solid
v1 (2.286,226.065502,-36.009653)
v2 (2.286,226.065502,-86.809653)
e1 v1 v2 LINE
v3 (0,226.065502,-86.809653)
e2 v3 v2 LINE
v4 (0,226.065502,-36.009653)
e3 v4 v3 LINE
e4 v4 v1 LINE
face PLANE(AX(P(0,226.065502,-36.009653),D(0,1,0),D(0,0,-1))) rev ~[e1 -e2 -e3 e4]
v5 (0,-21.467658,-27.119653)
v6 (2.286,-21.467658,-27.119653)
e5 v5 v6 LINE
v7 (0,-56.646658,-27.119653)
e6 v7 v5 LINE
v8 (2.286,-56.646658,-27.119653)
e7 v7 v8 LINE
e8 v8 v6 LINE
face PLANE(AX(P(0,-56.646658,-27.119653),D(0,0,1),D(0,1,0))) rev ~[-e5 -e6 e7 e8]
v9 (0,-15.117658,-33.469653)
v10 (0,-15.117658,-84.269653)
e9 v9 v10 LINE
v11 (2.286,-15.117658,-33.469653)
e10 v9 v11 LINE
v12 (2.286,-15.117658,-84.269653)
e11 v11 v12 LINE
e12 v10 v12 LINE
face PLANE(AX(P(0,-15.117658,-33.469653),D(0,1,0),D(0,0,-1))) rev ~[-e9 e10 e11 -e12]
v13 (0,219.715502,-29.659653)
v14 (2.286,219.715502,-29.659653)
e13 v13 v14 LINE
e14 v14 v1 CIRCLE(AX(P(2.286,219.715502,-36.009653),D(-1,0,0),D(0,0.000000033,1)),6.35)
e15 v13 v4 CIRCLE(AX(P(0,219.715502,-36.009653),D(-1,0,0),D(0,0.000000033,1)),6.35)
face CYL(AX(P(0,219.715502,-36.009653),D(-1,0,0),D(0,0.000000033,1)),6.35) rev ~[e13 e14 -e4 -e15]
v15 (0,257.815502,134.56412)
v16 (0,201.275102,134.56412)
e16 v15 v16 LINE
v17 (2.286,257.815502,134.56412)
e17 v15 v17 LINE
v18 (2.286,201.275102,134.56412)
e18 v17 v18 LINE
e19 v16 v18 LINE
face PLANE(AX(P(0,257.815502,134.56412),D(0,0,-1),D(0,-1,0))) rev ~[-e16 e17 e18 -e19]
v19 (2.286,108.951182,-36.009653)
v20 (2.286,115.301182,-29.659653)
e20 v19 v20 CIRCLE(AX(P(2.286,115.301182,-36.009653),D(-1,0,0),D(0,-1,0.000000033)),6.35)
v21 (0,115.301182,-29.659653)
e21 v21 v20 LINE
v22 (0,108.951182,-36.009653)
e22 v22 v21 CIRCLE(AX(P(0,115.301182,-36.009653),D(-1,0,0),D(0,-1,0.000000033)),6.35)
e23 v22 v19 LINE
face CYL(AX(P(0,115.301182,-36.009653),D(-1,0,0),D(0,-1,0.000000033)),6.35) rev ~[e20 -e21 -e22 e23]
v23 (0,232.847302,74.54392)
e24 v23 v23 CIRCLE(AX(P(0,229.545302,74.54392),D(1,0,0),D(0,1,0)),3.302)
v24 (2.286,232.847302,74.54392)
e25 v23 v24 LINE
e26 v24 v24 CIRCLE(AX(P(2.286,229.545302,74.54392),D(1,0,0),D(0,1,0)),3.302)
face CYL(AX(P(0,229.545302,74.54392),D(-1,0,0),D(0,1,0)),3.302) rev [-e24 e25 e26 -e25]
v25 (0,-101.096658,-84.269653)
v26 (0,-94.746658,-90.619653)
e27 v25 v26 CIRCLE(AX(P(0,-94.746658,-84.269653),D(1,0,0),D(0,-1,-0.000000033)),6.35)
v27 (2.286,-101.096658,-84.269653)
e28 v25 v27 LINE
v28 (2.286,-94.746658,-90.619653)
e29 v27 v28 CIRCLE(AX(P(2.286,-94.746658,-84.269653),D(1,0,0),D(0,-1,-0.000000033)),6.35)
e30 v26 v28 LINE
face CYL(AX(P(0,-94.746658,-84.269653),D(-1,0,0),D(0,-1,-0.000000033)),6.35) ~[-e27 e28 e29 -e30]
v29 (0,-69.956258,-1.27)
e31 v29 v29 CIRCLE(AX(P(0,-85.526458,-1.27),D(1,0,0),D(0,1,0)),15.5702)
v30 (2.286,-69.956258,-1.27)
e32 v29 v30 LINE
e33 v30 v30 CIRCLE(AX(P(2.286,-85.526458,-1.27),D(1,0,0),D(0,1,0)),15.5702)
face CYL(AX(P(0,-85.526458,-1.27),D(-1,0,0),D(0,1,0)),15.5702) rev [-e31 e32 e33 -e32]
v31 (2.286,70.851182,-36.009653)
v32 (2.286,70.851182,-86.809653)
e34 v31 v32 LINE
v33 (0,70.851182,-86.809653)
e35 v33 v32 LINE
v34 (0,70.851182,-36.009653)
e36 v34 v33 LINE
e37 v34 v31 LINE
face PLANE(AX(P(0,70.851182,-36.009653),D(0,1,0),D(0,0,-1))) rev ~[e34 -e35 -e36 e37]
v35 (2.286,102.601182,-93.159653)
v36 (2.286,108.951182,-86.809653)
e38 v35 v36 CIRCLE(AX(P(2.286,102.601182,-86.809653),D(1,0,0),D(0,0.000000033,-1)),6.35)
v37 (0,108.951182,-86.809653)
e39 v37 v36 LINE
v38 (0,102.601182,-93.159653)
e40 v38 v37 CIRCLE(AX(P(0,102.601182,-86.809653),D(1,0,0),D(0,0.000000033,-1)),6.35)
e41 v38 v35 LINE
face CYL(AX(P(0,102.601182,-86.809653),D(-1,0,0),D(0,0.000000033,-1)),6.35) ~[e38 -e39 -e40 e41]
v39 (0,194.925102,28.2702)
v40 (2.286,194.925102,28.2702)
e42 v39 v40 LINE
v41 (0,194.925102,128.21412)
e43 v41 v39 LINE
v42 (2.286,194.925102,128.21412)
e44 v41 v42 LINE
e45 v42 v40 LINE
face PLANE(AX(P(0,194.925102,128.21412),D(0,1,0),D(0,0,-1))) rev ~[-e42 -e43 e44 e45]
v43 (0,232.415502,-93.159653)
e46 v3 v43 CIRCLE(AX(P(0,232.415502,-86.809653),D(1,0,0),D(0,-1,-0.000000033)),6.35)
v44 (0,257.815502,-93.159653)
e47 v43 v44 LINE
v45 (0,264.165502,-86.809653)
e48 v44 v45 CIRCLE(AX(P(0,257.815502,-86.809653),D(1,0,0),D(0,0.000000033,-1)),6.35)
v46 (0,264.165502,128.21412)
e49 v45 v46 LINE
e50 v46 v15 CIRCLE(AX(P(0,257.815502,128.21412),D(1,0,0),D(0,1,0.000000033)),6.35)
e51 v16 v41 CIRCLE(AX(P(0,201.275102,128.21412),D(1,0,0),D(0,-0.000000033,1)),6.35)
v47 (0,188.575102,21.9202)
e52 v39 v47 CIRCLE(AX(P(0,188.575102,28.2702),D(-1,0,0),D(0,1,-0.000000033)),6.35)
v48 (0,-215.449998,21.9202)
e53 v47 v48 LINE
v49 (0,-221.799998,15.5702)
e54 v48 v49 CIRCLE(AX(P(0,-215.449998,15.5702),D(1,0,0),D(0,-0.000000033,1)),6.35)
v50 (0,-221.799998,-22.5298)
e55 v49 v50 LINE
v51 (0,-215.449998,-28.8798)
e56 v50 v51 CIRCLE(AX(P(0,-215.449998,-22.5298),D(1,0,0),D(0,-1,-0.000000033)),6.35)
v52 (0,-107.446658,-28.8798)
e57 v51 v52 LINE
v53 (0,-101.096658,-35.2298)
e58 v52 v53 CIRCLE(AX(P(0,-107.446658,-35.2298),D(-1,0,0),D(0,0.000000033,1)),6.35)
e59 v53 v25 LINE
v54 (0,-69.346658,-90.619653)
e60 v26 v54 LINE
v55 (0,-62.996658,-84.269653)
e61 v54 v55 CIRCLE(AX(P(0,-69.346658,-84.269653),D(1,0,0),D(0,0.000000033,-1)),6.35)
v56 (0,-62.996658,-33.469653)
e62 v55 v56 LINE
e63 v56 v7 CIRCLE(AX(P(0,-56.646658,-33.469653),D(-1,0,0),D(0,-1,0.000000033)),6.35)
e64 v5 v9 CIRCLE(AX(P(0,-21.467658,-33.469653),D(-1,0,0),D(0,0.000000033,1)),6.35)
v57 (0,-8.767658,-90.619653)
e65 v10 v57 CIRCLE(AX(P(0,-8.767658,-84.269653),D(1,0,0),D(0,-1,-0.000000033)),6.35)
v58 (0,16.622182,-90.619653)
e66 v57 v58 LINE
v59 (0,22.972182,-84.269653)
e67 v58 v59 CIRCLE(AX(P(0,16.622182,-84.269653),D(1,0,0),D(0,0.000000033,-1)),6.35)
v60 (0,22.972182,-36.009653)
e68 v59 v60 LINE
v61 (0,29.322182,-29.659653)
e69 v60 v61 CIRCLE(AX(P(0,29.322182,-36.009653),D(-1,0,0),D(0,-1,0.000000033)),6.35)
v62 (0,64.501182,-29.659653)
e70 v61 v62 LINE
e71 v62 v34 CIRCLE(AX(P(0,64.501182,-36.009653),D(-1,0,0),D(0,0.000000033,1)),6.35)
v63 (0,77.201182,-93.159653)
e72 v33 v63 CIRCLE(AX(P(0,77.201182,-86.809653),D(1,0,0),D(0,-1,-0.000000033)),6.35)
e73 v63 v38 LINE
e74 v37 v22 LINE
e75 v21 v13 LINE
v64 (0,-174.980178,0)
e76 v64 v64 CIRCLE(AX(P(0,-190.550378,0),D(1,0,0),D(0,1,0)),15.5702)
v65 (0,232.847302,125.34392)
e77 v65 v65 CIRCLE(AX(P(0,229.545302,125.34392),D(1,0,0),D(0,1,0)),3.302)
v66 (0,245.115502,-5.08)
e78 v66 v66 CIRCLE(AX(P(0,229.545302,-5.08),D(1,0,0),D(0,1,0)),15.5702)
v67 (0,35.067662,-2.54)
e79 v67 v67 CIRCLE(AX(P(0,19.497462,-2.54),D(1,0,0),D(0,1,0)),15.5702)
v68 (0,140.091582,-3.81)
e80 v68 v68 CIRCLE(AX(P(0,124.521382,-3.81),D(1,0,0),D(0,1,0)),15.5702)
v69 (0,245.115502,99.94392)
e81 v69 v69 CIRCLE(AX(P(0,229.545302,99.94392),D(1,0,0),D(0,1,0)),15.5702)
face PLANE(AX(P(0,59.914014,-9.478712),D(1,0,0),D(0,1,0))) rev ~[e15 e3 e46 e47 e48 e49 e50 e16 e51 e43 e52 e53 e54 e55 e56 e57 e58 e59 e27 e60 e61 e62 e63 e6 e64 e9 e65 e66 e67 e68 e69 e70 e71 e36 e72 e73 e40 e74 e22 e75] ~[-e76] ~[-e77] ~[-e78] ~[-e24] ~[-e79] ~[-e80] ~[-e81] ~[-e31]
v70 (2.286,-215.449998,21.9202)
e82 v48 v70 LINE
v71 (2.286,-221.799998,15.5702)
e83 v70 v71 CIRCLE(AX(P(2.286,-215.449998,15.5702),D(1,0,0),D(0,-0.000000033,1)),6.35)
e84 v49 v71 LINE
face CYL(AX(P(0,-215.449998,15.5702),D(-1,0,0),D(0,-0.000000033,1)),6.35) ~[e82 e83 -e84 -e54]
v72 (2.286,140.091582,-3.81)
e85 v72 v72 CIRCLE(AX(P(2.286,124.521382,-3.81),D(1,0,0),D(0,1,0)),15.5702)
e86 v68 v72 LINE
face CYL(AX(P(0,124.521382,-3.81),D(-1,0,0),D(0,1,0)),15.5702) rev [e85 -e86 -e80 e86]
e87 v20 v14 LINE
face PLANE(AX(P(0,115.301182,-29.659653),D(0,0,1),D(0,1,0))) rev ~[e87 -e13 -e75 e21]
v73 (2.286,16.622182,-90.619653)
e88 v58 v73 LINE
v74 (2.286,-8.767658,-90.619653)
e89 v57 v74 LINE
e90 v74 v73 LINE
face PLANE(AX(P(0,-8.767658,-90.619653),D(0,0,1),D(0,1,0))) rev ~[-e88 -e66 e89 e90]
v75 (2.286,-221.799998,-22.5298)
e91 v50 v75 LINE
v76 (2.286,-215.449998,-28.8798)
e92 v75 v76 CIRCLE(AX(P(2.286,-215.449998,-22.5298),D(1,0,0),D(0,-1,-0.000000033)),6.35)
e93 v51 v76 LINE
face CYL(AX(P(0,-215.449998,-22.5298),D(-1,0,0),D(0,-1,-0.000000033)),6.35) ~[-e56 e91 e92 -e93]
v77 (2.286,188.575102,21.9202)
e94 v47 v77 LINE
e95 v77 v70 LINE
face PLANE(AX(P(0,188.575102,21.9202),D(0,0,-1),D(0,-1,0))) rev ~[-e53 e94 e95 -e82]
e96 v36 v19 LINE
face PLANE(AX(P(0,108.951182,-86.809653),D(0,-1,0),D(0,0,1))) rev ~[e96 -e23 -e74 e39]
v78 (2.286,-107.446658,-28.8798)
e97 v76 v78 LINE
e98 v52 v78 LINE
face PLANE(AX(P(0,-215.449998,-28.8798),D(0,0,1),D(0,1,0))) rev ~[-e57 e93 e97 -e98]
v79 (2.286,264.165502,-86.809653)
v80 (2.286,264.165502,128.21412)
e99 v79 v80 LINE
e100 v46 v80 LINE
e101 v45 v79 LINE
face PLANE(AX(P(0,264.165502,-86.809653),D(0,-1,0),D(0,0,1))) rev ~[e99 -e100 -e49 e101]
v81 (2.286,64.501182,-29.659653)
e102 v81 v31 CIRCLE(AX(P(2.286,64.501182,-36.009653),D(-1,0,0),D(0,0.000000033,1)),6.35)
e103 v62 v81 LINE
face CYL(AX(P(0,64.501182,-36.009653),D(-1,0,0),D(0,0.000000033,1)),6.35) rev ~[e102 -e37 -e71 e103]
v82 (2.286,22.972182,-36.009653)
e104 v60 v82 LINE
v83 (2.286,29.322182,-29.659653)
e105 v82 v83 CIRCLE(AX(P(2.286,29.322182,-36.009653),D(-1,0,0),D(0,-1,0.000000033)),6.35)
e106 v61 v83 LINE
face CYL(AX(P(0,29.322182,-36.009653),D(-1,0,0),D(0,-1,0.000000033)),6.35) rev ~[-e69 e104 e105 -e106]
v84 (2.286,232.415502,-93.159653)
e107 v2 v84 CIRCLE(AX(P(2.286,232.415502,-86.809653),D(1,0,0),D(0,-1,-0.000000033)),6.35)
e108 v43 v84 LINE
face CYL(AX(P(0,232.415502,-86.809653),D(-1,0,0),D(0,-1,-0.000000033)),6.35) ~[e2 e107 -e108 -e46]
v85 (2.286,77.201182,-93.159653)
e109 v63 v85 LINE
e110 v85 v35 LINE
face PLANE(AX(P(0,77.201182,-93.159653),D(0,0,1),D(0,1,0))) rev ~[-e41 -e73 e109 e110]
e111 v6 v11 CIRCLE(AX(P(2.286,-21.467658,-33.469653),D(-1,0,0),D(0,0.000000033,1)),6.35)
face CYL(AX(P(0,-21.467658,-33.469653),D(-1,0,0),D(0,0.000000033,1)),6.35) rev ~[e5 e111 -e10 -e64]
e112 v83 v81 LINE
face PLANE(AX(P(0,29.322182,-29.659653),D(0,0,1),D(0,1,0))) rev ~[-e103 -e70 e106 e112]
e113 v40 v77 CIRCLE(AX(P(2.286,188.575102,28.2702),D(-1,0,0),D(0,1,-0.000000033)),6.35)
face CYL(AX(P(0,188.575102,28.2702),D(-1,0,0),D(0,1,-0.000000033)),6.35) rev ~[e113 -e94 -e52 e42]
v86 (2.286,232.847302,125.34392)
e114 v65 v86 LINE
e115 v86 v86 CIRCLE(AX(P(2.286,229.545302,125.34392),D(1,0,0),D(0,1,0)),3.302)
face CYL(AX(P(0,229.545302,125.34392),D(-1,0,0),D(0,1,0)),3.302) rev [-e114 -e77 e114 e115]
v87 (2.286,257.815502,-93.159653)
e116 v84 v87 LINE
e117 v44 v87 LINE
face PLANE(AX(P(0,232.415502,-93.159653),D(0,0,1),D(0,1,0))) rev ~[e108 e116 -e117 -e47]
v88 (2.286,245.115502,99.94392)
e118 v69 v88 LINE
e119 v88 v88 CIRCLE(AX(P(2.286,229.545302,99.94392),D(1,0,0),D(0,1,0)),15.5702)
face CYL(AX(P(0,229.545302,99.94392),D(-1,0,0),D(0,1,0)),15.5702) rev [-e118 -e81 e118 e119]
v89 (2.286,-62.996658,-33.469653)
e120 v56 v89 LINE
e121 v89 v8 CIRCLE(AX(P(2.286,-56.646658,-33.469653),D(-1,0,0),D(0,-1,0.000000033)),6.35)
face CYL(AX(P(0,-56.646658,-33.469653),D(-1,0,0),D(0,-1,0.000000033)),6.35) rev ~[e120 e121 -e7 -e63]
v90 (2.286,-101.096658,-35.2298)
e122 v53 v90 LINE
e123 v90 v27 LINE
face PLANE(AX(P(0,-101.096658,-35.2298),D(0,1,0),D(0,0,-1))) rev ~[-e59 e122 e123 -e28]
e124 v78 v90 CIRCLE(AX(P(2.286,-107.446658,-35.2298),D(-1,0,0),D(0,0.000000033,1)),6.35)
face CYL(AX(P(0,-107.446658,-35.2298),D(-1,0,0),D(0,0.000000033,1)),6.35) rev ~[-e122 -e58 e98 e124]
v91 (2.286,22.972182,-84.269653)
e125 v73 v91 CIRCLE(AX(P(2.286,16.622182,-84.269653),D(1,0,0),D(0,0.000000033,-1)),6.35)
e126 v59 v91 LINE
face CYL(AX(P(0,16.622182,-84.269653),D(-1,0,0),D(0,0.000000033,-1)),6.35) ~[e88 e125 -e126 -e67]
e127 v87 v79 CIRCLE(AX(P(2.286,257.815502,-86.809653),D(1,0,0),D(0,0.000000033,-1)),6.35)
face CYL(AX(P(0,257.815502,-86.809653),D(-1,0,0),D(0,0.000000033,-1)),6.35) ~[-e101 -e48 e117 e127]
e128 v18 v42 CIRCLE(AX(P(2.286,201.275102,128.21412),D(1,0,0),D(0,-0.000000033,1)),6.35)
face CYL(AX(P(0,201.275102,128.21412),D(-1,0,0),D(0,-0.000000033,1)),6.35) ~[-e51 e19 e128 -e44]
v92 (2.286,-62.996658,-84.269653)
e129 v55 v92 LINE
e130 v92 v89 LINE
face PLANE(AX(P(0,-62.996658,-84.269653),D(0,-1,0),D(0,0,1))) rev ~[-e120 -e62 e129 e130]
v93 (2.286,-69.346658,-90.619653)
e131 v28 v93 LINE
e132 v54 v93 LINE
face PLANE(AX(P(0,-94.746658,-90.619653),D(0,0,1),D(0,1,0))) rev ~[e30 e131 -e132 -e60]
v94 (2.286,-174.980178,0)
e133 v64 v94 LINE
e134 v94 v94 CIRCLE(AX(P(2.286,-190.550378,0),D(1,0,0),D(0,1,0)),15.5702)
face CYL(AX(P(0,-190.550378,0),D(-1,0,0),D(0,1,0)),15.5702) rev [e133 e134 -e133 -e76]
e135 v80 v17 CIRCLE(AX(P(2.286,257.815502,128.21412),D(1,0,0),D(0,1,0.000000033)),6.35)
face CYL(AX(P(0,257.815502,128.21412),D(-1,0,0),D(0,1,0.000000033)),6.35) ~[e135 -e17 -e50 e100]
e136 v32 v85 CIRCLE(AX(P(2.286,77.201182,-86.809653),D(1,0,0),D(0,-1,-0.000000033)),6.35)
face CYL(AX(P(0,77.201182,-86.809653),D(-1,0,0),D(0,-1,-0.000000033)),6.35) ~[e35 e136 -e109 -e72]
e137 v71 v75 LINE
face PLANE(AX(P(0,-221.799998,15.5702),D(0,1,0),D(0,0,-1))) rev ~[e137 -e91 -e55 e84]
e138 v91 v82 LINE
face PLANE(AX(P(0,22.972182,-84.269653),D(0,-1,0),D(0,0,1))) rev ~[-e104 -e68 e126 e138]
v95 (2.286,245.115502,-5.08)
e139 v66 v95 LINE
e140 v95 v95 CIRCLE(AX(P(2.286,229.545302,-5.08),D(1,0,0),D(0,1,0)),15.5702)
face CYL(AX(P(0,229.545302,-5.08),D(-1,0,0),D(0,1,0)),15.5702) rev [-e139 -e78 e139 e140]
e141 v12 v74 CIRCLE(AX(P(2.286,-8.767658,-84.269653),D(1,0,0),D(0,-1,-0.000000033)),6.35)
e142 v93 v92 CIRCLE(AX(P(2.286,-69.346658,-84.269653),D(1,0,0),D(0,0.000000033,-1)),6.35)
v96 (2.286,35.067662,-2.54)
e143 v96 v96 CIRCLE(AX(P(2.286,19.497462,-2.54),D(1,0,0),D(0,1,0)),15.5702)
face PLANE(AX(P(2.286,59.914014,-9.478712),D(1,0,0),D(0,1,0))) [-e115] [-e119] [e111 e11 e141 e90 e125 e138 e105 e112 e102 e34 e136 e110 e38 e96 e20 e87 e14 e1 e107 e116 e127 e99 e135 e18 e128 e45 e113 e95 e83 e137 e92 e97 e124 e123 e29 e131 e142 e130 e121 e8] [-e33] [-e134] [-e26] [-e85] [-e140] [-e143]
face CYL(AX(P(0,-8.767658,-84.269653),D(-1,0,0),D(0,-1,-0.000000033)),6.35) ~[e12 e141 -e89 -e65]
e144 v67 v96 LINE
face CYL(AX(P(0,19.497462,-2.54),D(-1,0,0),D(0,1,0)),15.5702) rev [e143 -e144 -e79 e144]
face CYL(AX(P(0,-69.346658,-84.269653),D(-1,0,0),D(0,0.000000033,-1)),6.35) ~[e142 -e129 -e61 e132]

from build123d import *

# Parameters (mm, degrees)
F0_R     = 15.5702
F0_R_2   = 3.302
F1_DEPTH = 2.286


with BuildPart() as f1:
    # F0 (on Right) → F1 (new body)
    with BuildSketch(Plane.YZ):
        with BuildLine():
            Line((188.575102, 21.9202), (-215.449998, 21.9202))
            ThreePointArc((-215.449998, 21.9202), (-219.940126, 20.060328), (-221.799998, 15.5702))
            Line((-221.799998, 15.5702), (-221.799998, -22.5298))
            ThreePointArc((-221.799998, -22.5298), (-219.940126, -27.019928), (-215.449998, -28.8798))
            Line((-215.449998, -28.8798), (-107.446658, -28.8798))
            ThreePointArc((-107.446658, -28.8798), (-102.95653, -30.739672), (-101.096658, -35.2298))
            Line((-101.096658, -35.2298), (-101.096658, -84.269653))
            ThreePointArc((-101.096658, -84.269653), (-99.236786, -88.759781), (-94.746658, -90.619653))
            Line((-94.746658, -90.619653), (-69.346658, -90.619653))
            ThreePointArc((-69.346658, -90.619653), (-64.85653, -88.759781), (-62.996658, -84.269653))
            Line((-62.996658, -84.269653), (-62.996658, -33.469653))
            ThreePointArc((-62.996658, -33.469653), (-61.136786, -28.979525), (-56.646658, -27.119653))
            Line((-56.646658, -27.119653), (-21.467658, -27.119653))
            ThreePointArc((-21.467658, -27.119653), (-16.97753, -28.979525), (-15.117658, -33.469653))
            Line((-15.117658, -33.469653), (-15.117658, -84.269653))
            ThreePointArc((-15.117658, -84.269653), (-13.257786, -88.759781), (-8.767658, -90.619653))
            Line((-8.767658, -90.619653), (16.622182, -90.619653))
            ThreePointArc((16.622182, -90.619653), (21.11231, -88.759781), (22.972182, -84.269653))
            Line((22.972182, -84.269653), (22.972182, -36.009653))
            ThreePointArc((22.972182, -36.009653), (24.832054, -31.519525), (29.322182, -29.659653))
            Line((29.322182, -29.659653), (64.501182, -29.659653))
            ThreePointArc((64.501182, -29.659653), (68.99131, -31.519525), (70.851182, -36.009653))
            Line((70.851182, -36.009653), (70.851182, -86.809653))
            ThreePointArc((70.851182, -86.809653), (72.711054, -91.299781), (77.201182, -93.159653))
            Line((77.201182, -93.159653), (102.601182, -93.159653))
            ThreePointArc((102.601182, -93.159653), (107.09131, -91.299781), (108.951182, -86.809653))
            Line((108.951182, -86.809653), (108.951182, -36.009653))
            ThreePointArc((108.951182, -36.009653), (110.811054, -31.519525), (115.301182, -29.659653))
            Line((115.301182, -29.659653), (219.715502, -29.659653))
            ThreePointArc((219.715502, -29.659653), (224.20563, -31.519525), (226.065502, -36.009653))
            Line((226.065502, -36.009653), (226.065502, -86.809653))
            ThreePointArc((226.065502, -86.809653), (227.925374, -91.299781), (232.415502, -93.159653))
            Line((232.415502, -93.159653), (257.815502, -93.159653))
            ThreePointArc((257.815502, -93.159653), (262.30563, -91.299781), (264.165502, -86.809653))
            Line((264.165502, -86.809653), (264.165502, -23.309653))
            Line((264.165502, -23.309653), (264.165502, 21.9202))
            Line((264.165502, 21.9202), (264.165502, 128.21412))
            ThreePointArc((264.165502, 128.21412), (262.30563, 132.704248), (257.815502, 134.56412))
            Line((257.815502, 134.56412), (201.275102, 134.56412))
            ThreePointArc((201.275102, 134.56412), (196.784974, 132.704248), (194.925102, 128.21412))
            Line((194.925102, 128.21412), (194.925102, 28.2702))
            ThreePointArc((194.925102, 28.2702), (193.06523, 23.780072), (188.575102, 21.9202))
        make_face()
        with Locations((-190.550378, 0)):
            Circle(F0_R, mode=Mode.SUBTRACT)
        with Locations((-85.526458, -1.27)):
            Circle(F0_R, mode=Mode.SUBTRACT)
        with Locations((19.497462, -2.54)):
            Circle(F0_R, mode=Mode.SUBTRACT)
        with Locations((124.521382, -3.81)):
            Circle(F0_R, mode=Mode.SUBTRACT)
        with Locations((229.545302, -5.08)):
            Circle(F0_R, mode=Mode.SUBTRACT)
        with Locations((229.545302, 74.54392)):
            Circle(F0_R_2, mode=Mode.SUBTRACT)
        with Locations((229.545302, 99.94392)):
            Circle(F0_R, mode=Mode.SUBTRACT)
        with Locations((229.545302, 125.34392)):
            Circle(F0_R_2, mode=Mode.SUBTRACT)
    extrude(amount=F1_DEPTH)


solid = f1.part
